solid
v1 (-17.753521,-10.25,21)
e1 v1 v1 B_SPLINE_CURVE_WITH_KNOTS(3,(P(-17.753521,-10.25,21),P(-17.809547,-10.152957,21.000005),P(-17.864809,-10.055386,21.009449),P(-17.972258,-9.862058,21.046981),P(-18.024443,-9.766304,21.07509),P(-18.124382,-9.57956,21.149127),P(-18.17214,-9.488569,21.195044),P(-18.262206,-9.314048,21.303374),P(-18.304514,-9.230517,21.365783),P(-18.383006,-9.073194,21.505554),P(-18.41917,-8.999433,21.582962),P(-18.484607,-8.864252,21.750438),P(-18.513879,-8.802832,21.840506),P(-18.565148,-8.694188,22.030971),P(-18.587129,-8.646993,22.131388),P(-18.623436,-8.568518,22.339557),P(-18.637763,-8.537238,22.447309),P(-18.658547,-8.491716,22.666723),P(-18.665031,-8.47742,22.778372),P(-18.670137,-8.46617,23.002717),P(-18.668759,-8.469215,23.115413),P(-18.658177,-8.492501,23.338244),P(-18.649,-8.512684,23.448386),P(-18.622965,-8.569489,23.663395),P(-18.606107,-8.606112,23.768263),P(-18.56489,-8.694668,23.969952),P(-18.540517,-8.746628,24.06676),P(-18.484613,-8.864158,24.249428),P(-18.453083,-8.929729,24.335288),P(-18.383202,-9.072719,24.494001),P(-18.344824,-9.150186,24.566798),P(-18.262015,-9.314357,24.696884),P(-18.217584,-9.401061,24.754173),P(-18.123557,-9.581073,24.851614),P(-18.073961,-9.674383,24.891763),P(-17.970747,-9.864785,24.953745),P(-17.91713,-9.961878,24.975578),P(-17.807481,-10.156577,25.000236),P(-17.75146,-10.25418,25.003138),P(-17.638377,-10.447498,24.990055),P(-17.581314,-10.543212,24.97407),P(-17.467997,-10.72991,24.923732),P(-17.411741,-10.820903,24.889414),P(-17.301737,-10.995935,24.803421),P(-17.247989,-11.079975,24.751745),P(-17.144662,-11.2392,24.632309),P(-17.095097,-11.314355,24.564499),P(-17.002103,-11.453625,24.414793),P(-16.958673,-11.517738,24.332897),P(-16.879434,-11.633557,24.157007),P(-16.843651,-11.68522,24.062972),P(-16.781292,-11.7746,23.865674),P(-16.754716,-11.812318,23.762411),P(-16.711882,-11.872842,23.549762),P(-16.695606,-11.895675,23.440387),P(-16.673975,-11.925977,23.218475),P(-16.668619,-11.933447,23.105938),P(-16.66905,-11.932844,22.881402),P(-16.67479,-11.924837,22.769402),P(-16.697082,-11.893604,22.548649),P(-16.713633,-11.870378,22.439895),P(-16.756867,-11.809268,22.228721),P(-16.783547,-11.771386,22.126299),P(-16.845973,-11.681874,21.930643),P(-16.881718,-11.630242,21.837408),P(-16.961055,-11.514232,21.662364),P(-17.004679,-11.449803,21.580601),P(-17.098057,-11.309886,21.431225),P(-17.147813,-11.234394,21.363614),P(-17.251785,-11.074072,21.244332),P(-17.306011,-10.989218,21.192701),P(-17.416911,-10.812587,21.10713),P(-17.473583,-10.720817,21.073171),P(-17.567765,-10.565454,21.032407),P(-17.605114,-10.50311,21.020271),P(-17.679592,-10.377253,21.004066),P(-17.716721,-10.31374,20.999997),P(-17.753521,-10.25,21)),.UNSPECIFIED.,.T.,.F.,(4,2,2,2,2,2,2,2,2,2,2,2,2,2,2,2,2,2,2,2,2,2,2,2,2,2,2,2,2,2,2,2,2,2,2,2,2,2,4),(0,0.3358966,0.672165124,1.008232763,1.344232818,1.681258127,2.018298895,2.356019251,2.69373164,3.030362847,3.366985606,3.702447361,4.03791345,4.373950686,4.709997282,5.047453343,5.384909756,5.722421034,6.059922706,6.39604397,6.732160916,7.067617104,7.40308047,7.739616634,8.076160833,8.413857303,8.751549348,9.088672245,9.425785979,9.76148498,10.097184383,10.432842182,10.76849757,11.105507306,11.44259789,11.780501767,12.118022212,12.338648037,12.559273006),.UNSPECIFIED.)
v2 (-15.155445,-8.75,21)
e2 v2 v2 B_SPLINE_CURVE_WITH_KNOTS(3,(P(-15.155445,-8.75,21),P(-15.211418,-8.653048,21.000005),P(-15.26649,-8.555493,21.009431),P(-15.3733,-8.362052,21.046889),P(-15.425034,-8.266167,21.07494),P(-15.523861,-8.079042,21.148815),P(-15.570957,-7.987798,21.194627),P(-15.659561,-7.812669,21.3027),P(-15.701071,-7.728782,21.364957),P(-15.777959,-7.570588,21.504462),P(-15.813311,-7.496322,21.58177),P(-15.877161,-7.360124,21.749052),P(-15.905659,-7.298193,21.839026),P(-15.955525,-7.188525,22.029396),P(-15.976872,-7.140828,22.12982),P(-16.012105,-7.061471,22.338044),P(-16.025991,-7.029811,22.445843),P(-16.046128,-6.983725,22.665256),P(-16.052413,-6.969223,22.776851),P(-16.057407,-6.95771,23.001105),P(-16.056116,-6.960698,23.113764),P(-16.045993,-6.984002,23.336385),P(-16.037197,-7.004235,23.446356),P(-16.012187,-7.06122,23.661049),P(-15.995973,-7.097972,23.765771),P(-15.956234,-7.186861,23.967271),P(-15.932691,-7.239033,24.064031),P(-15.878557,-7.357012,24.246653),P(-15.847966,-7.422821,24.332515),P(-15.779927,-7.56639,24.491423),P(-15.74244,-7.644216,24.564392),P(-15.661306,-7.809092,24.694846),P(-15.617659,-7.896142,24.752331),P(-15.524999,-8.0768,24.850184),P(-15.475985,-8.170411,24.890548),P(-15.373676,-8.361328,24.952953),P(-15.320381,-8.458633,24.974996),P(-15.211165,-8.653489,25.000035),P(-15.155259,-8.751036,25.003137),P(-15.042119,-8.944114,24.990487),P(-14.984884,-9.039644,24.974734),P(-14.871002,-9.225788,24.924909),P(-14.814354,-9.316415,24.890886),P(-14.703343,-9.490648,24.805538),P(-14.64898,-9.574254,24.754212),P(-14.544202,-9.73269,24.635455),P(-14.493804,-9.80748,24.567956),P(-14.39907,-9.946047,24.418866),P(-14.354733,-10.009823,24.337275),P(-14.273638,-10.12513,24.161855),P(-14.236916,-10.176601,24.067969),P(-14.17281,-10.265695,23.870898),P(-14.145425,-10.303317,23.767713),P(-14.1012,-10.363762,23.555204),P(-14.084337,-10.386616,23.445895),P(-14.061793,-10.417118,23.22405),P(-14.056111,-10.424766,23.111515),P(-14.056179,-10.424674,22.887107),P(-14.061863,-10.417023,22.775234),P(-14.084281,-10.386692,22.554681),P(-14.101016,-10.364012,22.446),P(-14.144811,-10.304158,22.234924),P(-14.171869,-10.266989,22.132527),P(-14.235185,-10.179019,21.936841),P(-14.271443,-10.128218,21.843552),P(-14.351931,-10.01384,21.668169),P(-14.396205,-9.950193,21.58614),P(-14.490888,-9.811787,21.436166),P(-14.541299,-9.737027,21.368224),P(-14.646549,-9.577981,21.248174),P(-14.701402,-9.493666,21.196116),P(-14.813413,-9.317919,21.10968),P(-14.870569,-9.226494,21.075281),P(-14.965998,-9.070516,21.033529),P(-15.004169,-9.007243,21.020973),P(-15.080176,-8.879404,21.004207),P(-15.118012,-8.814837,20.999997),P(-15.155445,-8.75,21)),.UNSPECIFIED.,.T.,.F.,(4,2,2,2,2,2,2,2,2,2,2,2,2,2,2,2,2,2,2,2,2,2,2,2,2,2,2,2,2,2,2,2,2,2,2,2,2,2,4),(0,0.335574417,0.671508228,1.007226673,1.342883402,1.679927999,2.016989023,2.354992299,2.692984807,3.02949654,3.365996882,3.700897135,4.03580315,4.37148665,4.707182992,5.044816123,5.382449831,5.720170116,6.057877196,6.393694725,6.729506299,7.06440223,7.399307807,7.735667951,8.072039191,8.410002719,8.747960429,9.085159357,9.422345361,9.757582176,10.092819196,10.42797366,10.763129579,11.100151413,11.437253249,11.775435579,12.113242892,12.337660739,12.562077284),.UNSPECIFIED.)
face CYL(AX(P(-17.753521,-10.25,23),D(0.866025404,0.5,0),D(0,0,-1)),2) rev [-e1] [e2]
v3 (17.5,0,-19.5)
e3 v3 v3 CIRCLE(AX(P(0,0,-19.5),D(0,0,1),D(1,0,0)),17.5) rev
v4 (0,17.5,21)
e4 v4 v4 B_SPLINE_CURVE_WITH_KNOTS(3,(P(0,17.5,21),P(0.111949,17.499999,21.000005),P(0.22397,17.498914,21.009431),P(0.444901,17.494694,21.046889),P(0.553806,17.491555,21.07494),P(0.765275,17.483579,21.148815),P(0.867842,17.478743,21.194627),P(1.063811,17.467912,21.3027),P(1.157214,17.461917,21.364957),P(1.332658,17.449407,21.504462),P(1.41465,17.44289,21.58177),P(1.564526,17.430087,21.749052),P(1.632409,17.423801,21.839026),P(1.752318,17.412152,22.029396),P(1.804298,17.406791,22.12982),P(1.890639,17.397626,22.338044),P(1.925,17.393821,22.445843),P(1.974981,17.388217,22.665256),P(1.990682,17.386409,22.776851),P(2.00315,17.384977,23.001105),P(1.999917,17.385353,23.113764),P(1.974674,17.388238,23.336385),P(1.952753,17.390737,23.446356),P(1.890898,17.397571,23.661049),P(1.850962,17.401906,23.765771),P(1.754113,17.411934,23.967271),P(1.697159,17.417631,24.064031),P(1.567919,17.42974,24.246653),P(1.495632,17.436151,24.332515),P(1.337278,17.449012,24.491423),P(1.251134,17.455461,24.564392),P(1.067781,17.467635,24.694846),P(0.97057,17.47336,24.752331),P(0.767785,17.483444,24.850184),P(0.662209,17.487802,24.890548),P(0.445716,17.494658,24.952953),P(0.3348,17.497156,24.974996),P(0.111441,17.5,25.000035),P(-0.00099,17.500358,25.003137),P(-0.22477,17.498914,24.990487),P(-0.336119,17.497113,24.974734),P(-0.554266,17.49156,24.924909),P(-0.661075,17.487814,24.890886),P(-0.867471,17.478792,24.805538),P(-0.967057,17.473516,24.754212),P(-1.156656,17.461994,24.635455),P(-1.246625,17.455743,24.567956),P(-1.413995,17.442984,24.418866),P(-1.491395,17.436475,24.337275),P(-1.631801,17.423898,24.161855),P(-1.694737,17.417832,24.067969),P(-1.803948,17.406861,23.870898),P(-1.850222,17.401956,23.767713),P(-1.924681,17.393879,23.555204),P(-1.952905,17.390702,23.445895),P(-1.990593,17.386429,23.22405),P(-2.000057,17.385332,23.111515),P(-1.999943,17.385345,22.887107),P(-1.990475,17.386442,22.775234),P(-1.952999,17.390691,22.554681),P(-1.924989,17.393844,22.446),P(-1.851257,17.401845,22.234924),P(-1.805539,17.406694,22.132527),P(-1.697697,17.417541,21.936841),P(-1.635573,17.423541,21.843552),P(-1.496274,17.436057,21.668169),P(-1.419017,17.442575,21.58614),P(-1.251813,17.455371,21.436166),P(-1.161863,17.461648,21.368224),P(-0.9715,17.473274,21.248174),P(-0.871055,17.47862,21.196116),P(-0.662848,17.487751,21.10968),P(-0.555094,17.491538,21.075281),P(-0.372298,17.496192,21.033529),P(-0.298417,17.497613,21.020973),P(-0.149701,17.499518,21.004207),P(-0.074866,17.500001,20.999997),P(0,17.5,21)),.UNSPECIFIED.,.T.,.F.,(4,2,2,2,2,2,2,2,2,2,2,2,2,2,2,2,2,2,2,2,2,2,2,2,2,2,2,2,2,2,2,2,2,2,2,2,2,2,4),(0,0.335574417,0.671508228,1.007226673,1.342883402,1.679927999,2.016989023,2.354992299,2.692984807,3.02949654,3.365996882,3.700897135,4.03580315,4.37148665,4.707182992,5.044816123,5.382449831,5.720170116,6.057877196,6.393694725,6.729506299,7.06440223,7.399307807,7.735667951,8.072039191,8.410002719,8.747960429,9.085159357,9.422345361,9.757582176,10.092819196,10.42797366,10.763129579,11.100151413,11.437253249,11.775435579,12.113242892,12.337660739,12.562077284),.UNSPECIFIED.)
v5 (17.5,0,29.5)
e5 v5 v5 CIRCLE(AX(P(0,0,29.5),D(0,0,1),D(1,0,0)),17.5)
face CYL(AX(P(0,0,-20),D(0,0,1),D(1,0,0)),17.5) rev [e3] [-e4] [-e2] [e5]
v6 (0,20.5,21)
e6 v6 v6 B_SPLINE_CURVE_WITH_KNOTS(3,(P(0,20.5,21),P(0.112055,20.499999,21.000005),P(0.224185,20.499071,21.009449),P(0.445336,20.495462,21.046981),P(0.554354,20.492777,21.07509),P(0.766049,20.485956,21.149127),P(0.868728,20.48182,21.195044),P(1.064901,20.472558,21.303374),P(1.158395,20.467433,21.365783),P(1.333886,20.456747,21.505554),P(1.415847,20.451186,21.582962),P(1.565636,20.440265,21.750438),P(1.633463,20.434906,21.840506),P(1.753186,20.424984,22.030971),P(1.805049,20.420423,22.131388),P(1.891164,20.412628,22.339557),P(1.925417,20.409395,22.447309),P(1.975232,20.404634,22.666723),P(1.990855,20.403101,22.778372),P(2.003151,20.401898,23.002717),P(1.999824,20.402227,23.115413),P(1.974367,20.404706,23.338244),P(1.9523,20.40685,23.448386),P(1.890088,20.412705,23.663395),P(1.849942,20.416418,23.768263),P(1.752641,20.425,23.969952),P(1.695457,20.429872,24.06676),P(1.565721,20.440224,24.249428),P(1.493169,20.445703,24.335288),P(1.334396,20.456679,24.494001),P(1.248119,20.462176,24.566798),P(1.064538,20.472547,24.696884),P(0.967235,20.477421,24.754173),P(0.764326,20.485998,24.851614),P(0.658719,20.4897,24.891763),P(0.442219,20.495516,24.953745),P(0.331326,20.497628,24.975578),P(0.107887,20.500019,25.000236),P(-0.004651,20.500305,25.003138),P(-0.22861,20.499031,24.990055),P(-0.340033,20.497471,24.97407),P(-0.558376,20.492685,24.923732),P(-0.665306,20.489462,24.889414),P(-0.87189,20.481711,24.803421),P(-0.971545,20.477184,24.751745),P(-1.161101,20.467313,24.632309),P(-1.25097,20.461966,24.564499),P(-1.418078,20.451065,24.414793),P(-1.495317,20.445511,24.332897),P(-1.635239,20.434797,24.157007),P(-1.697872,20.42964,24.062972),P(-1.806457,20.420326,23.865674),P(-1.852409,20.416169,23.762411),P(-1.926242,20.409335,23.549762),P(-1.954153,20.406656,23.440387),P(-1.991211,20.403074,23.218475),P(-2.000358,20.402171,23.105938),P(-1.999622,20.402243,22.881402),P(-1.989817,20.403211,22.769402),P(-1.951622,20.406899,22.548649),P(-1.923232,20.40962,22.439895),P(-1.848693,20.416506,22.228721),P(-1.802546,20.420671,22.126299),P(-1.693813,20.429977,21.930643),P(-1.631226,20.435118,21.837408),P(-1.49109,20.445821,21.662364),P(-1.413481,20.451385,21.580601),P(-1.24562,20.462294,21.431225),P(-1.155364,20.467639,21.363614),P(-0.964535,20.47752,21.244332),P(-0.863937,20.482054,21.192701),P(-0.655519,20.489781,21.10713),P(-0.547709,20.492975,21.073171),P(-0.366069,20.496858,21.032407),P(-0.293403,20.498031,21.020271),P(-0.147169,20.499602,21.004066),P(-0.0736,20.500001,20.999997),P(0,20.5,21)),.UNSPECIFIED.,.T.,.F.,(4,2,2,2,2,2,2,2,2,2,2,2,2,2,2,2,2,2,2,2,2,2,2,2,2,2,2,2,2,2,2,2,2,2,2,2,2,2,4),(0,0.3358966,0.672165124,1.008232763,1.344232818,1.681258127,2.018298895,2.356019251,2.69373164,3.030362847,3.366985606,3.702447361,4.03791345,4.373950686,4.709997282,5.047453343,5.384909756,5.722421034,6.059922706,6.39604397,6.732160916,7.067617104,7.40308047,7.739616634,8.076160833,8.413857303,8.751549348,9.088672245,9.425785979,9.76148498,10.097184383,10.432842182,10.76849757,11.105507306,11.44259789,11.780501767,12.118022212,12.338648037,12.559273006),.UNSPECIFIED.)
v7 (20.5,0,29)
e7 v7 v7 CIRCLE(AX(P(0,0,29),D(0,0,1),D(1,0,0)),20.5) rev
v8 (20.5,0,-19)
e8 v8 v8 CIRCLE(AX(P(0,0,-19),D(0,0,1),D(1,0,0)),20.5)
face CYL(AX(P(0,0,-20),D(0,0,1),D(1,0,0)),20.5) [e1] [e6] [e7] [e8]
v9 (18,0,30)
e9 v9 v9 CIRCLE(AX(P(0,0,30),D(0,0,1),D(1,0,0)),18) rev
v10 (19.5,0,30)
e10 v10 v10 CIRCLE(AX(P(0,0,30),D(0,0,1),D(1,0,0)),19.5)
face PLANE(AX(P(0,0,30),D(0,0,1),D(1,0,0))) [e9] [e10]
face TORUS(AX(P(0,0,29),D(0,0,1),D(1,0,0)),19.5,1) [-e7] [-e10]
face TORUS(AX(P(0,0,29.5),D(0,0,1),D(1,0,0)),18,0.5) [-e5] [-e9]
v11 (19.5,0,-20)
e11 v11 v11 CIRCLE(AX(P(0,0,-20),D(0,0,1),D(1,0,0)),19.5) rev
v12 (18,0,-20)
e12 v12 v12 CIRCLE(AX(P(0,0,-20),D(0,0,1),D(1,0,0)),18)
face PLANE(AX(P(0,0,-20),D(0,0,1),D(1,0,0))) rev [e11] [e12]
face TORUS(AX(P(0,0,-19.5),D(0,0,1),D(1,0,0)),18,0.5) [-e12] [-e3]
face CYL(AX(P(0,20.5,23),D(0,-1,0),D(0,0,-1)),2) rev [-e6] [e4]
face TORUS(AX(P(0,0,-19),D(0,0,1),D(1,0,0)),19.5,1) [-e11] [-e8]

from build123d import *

# Parameters (mm, degrees)
BOSS_EXTRUDE1_DEPTH      = 30
BOSS_EXTRUDE1_DEPTH_BACK = 20
SKETCH1_R                = 20.5
SKETCH1_R_2              = 17.5
SKETCH3_R                = 2
CUT_EXTRUDE1_DEPTH       = 42.71930009
CIRPATTERN1_COUNT        = 2
CIRPATTERN1_ANGLE        = 120
FILLET1_R                = 1
FILLET2_R                = 0.5


with BuildPart() as part:
    # Sketch1 → Boss-Extrude1 (new, two sides: drawn at the far end of the back side and taken through both)
    with BuildSketch(Plane.XY.offset(-BOSS_EXTRUDE1_DEPTH_BACK)):
        Circle(SKETCH1_R)
        Circle(SKETCH1_R_2, mode=Mode.SUBTRACT)
    extrude(amount=BOSS_EXTRUDE1_DEPTH + BOSS_EXTRUDE1_DEPTH_BACK)

    # Sketch3 → Cut-Extrude1 (cut, through all)
    with BuildSketch(Plane(origin=(0, 0, 0), x_dir=(1, 0, 0), z_dir=(0, 1, 0))):
        with Locations(Location((0, -23, 0), (0, 0, 90))):
            Circle(SKETCH3_R)
    cut_extrude1 = extrude(amount=CUT_EXTRUDE1_DEPTH, mode=Mode.SUBTRACT)

    # CirPattern1: Cut-Extrude1 ×2 about axis
    cirpattern1_axis = Axis((0, 0, -20), (0, 0, 1))
    for i in range(1, CIRPATTERN1_COUNT):
        add(cut_extrude1.rotate(cirpattern1_axis, i * CIRPATTERN1_ANGLE / (CIRPATTERN1_COUNT - 1)), mode=Mode.SUBTRACT)

    # Fillet1
    fillet1_edges = [part.edges().sort_by_distance(p)[0] for p in [
        (-20.5, 0, -20),
        (-20.5, 0, 30),
    ]]
    fillet(fillet1_edges, radius=FILLET1_R)

    # Fillet2
    fillet2_edges = [part.edges().sort_by_distance(p)[0] for p in [
        (-17.5, 0, -20),
        (-17.5, 0, 30),
    ]]
    fillet(fillet2_edges, radius=FILLET2_R)


solid = part.part
